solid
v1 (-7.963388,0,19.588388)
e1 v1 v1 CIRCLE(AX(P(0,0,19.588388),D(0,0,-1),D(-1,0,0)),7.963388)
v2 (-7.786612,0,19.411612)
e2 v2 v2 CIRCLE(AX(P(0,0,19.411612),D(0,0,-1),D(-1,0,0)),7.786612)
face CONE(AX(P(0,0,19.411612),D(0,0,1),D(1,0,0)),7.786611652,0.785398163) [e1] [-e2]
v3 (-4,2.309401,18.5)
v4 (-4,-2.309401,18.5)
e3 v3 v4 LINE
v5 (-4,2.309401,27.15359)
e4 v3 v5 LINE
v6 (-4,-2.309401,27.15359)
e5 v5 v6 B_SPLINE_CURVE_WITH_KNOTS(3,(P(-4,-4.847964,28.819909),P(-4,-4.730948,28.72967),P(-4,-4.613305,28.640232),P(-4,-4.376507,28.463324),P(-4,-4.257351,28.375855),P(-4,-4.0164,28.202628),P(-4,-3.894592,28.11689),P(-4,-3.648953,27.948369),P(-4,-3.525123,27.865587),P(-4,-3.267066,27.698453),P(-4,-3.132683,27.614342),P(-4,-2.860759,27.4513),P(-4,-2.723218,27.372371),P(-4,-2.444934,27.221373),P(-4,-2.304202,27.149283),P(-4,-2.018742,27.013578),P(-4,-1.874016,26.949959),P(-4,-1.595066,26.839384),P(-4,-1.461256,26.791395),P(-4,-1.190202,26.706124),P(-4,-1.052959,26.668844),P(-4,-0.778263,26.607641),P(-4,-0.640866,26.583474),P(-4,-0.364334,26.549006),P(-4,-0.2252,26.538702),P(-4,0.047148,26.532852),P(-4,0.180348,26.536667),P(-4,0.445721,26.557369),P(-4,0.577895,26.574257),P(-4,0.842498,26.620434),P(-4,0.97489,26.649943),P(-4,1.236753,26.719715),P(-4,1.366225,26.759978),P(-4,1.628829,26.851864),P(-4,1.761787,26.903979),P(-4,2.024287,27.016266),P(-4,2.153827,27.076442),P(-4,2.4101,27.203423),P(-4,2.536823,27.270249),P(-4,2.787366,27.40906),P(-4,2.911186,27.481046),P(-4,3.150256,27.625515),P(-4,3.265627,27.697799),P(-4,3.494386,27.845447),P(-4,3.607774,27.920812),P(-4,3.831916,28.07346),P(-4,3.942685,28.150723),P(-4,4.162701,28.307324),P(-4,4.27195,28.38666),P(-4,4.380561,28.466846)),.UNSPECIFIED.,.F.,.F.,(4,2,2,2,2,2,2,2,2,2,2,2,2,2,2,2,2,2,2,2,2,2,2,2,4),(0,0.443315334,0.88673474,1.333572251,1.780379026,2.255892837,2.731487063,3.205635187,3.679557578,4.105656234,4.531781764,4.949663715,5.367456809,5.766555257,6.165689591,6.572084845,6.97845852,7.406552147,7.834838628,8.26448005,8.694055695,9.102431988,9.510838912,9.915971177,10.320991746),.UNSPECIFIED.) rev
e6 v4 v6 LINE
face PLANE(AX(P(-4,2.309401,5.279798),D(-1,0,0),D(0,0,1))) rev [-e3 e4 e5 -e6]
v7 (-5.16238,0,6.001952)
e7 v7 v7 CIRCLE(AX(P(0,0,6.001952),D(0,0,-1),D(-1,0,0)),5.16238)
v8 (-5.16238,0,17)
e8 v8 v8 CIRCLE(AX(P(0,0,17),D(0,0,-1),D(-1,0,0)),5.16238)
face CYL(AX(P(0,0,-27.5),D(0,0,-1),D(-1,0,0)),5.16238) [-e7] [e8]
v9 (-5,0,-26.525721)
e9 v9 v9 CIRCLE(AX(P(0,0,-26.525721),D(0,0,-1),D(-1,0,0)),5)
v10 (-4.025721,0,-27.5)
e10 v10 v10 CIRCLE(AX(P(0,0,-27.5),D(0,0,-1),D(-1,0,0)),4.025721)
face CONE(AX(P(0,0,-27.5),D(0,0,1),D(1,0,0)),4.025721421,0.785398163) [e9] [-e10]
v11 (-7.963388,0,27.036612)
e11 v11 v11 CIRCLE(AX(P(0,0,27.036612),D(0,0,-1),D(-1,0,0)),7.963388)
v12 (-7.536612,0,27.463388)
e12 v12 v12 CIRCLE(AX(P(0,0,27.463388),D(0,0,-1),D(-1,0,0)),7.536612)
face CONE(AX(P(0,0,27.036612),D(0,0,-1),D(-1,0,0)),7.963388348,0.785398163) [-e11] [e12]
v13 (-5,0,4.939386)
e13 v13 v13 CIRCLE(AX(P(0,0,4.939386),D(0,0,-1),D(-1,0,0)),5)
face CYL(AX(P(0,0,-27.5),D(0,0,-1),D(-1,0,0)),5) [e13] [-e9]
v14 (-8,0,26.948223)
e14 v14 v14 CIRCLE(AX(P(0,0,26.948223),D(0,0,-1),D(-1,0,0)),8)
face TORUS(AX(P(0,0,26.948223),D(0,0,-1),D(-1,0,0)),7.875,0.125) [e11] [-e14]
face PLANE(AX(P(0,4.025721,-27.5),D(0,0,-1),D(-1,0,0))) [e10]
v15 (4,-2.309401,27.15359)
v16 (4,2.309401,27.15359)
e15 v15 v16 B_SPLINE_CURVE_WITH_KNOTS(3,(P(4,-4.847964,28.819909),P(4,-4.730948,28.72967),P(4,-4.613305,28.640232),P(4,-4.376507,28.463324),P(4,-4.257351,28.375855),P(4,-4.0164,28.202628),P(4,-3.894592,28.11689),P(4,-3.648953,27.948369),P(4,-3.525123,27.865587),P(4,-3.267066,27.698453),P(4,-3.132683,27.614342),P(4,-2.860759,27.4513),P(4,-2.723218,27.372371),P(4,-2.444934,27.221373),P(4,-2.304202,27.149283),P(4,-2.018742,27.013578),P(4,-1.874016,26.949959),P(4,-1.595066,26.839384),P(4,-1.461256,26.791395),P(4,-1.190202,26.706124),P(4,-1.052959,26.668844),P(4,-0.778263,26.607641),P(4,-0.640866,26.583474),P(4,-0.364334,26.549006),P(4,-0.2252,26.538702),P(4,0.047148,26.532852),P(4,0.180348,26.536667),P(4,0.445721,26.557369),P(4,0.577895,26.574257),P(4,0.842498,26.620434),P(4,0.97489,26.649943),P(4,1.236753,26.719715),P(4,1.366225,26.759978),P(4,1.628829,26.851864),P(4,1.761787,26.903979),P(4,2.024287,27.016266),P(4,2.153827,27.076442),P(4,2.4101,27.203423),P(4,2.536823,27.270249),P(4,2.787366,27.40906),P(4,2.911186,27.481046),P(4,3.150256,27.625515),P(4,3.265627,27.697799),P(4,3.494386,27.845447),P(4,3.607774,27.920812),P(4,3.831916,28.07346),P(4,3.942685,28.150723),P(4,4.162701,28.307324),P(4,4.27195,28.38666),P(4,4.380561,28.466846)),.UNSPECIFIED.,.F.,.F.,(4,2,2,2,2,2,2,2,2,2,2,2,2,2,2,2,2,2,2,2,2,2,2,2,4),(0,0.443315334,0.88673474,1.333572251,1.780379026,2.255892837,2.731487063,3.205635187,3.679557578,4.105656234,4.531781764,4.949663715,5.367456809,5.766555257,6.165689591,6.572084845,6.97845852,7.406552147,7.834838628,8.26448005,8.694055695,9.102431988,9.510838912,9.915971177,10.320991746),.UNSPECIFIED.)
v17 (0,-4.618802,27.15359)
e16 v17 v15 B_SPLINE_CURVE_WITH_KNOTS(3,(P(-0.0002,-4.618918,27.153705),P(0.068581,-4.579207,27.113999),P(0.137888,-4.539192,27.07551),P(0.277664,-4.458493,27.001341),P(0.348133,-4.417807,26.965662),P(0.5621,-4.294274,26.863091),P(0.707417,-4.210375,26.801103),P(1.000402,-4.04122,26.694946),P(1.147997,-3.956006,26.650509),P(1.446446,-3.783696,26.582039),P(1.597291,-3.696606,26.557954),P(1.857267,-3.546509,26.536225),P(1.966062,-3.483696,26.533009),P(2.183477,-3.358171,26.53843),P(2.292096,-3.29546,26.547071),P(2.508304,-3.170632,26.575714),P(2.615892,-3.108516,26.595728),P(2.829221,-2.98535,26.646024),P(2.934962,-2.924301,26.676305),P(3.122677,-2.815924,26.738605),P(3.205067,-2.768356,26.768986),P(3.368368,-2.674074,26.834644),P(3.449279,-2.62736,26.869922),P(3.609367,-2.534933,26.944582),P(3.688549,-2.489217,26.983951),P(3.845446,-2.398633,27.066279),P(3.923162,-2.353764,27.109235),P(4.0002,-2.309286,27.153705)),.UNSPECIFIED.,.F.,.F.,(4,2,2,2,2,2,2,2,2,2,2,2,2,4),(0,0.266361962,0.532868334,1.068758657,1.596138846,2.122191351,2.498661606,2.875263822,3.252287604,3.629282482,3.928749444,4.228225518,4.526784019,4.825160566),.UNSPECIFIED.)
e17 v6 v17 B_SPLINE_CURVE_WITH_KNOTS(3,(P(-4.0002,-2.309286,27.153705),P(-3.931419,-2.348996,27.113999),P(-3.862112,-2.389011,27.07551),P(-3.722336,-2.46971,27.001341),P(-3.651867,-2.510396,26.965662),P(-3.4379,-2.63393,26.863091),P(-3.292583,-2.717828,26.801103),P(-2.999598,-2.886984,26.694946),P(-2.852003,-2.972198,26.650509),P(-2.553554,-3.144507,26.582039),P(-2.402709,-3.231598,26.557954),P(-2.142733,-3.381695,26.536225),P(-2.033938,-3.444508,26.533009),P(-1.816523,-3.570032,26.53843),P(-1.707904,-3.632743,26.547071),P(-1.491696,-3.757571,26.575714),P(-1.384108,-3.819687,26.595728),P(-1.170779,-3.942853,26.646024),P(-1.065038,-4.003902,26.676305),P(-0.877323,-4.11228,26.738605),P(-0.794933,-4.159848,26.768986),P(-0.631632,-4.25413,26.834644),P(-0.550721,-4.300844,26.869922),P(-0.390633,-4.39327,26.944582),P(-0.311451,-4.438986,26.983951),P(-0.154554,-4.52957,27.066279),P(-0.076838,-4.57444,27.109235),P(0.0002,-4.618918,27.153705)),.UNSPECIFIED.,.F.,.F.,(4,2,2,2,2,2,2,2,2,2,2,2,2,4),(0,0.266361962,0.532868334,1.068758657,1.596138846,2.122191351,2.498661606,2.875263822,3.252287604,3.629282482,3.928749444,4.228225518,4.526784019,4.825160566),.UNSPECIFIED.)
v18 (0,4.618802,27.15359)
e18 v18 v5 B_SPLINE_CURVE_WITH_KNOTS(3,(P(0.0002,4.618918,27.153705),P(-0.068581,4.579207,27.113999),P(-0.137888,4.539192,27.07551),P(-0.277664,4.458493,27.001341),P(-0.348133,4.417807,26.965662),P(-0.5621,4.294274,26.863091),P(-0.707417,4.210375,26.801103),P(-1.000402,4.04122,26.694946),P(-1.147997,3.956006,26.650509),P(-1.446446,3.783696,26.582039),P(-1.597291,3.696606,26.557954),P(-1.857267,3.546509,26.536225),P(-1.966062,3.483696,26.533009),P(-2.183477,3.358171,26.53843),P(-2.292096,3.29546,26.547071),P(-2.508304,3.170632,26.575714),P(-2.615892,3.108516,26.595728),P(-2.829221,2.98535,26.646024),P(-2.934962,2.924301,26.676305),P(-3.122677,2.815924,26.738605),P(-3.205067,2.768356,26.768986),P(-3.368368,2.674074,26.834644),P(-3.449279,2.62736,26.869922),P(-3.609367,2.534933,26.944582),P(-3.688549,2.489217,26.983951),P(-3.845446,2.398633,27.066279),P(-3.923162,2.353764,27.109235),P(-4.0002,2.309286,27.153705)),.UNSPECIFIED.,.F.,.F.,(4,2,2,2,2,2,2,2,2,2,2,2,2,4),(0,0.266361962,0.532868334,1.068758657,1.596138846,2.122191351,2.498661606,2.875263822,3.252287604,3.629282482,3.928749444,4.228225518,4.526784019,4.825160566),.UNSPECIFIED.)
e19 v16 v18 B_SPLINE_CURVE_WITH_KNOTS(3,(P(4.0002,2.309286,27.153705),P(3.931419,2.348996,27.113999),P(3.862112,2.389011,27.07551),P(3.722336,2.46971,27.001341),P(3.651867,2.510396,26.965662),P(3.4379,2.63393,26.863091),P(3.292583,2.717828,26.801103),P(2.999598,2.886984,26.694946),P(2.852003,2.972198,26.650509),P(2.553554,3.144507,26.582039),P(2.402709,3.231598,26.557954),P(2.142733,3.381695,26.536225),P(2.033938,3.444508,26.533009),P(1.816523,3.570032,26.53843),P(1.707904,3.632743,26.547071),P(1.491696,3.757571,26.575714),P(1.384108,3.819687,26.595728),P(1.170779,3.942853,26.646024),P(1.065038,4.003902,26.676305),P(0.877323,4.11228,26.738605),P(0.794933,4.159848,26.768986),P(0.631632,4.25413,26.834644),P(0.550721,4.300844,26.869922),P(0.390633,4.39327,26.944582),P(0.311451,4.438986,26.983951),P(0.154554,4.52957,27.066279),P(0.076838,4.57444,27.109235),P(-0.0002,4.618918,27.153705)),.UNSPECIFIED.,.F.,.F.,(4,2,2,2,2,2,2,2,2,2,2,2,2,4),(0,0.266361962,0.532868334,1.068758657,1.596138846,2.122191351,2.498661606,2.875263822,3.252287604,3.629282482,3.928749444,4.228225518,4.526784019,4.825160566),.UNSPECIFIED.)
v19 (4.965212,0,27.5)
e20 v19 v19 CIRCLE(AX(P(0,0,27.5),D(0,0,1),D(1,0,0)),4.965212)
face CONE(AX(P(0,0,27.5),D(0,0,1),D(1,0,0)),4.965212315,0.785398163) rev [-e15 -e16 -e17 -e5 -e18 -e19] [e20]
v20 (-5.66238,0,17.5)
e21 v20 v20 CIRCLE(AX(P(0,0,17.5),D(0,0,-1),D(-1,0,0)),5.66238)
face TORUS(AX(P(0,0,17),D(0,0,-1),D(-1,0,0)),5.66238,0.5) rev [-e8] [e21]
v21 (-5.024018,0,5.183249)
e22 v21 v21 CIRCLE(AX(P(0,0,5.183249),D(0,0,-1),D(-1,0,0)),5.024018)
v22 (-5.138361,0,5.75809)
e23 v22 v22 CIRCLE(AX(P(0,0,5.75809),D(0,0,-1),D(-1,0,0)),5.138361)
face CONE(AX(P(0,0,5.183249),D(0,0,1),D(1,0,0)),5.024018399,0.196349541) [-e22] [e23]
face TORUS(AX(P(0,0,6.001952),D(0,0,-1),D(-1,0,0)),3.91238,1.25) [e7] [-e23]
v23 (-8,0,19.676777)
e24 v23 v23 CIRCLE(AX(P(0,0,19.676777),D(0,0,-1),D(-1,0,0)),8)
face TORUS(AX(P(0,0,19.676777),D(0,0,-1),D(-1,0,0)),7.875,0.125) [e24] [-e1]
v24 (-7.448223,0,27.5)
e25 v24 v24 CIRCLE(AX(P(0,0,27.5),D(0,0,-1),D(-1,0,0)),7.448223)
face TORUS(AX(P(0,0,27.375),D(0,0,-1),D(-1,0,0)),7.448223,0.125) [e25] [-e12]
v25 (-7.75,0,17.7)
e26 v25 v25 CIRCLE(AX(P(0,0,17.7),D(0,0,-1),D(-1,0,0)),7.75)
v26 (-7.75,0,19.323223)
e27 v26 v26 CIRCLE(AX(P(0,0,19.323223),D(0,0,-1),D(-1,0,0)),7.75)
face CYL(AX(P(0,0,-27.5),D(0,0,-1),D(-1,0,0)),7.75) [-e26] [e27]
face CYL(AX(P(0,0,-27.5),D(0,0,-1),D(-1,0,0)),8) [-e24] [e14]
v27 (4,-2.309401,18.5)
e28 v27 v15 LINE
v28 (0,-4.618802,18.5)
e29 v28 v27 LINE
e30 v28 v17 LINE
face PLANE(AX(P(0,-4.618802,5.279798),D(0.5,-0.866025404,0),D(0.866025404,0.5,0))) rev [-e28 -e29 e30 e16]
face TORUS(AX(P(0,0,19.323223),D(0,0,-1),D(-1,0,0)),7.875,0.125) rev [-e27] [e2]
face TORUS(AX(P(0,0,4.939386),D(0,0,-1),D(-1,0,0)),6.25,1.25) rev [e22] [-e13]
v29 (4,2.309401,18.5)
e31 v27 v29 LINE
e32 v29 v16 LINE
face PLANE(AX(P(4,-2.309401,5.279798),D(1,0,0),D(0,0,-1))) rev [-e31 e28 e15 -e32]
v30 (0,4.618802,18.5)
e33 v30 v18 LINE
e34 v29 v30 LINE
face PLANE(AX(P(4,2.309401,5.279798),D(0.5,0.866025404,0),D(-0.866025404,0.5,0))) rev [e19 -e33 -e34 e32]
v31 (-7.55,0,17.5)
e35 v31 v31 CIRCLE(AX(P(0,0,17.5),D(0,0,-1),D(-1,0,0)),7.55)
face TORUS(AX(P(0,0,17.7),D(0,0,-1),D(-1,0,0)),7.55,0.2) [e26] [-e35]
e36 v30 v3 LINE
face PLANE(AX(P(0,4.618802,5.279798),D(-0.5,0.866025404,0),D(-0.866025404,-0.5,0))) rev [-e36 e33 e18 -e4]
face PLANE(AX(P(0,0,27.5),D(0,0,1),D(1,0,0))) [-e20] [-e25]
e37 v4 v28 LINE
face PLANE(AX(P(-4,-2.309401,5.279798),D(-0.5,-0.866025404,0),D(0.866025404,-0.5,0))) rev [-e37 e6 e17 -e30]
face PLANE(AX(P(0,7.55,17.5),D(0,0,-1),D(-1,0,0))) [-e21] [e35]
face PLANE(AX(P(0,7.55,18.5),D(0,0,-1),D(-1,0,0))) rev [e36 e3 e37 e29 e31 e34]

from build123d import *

# Parameters (mm, degrees)
CUT_EXTRUDE1_DEPTH = 9


with BuildPart() as part:
    # Sketch2 → Revolve1 (revolve)
    with BuildSketch(Plane(origin=(0, 0, 0), x_dir=(0, 0, -1), z_dir=(1, 0, 0)), mode=Mode.PRIVATE) as revolve1_sk:
        with BuildLine():
            Line((-27.5, 0), (-27.5, 7.448223305))
            ThreePointArc((-27.5, 7.448223305), (-27.490484942, 7.496058734), (-27.463388348, 7.536611652))
            Line((-27.463388348, 7.536611652), (-27.036611652, 7.963388348))
            ThreePointArc((-27.036611652, 7.963388348), (-26.996058734, 7.990484942), (-26.948223305, 8))
            Line((-26.948223305, 8), (-19.676776695, 8))
            ThreePointArc((-19.676776695, 8), (-19.628941266, 7.990484942), (-19.588388348, 7.963388348))
            Line((-19.588388348, 7.963388348), (-19.411611652, 7.786611652))
            ThreePointArc((-19.411611652, 7.786611652), (-19.371058734, 7.759515058), (-19.323223305, 7.75))
            Line((-19.323223305, 7.75), (-17.7, 7.75))
            ThreePointArc((-17.7, 7.75), (-17.558578644, 7.691421356), (-17.5, 7.55))
            Line((-17.5, 7.55), (-17.5, 5.662379763))
            ThreePointArc((-17.5, 5.662379763), (-17.353553391, 5.308826373), (-17, 5.162379763))
            Line((-17, 5.162379763), (-6.001952451, 5.162379763))
            ThreePointArc((-6.001952451, 5.162379763), (-5.879431025, 5.156360672), (-5.758089548, 5.138361364))
            Line((-5.758089548, 5.138361364), (-5.183248648, 5.024018399))
            ThreePointArc((-5.183248648, 5.024018399), (-5.061907171, 5.006019092), (-4.939385746, 5))
            Line((-4.939385746, 5), (26.525721421, 5))
            Line((26.525721421, 5), (27.5, 4.025721421))
            Line((27.5, 4.025721421), (27.5, 0))
            Line((27.5, 0), (-27.5, 0))
        make_face()
    revolve(revolve1_sk.sketch.rotate(Axis((0, 0, -27.5), (0, 0, 1)), 90), axis=Axis((0, 0, -27.5), (0, 0, 1)))

    # Sketch3 → Cut-Extrude1 (cut)
    with BuildSketch(Plane.XY.offset(27.5)):
        Polygon((4, -2.309401077), (4, 2.309401077), (0, 4.618802154), (-4, 2.309401077), (-4, -2.309401077), (0, -4.618802154), align=None)
    extrude(amount=-CUT_EXTRUDE1_DEPTH, mode=Mode.SUBTRACT)

    # Cut-Extrude2 cone 1 section (through the dimple's axis) → Cut-Extrude2 (revolve, cut)
    with BuildSketch(Plane(origin=(0, 0, 27.5), x_dir=(0, -1, 0), z_dir=(1, 0, 0))):
        Polygon((0, 0), (4.965212315, 0), (0, 4.965212315), align=None)
    revolve(axis=Axis((0, 0, 27.5), (0, 0, -1)), mode=Mode.SUBTRACT)


solid = part.part
